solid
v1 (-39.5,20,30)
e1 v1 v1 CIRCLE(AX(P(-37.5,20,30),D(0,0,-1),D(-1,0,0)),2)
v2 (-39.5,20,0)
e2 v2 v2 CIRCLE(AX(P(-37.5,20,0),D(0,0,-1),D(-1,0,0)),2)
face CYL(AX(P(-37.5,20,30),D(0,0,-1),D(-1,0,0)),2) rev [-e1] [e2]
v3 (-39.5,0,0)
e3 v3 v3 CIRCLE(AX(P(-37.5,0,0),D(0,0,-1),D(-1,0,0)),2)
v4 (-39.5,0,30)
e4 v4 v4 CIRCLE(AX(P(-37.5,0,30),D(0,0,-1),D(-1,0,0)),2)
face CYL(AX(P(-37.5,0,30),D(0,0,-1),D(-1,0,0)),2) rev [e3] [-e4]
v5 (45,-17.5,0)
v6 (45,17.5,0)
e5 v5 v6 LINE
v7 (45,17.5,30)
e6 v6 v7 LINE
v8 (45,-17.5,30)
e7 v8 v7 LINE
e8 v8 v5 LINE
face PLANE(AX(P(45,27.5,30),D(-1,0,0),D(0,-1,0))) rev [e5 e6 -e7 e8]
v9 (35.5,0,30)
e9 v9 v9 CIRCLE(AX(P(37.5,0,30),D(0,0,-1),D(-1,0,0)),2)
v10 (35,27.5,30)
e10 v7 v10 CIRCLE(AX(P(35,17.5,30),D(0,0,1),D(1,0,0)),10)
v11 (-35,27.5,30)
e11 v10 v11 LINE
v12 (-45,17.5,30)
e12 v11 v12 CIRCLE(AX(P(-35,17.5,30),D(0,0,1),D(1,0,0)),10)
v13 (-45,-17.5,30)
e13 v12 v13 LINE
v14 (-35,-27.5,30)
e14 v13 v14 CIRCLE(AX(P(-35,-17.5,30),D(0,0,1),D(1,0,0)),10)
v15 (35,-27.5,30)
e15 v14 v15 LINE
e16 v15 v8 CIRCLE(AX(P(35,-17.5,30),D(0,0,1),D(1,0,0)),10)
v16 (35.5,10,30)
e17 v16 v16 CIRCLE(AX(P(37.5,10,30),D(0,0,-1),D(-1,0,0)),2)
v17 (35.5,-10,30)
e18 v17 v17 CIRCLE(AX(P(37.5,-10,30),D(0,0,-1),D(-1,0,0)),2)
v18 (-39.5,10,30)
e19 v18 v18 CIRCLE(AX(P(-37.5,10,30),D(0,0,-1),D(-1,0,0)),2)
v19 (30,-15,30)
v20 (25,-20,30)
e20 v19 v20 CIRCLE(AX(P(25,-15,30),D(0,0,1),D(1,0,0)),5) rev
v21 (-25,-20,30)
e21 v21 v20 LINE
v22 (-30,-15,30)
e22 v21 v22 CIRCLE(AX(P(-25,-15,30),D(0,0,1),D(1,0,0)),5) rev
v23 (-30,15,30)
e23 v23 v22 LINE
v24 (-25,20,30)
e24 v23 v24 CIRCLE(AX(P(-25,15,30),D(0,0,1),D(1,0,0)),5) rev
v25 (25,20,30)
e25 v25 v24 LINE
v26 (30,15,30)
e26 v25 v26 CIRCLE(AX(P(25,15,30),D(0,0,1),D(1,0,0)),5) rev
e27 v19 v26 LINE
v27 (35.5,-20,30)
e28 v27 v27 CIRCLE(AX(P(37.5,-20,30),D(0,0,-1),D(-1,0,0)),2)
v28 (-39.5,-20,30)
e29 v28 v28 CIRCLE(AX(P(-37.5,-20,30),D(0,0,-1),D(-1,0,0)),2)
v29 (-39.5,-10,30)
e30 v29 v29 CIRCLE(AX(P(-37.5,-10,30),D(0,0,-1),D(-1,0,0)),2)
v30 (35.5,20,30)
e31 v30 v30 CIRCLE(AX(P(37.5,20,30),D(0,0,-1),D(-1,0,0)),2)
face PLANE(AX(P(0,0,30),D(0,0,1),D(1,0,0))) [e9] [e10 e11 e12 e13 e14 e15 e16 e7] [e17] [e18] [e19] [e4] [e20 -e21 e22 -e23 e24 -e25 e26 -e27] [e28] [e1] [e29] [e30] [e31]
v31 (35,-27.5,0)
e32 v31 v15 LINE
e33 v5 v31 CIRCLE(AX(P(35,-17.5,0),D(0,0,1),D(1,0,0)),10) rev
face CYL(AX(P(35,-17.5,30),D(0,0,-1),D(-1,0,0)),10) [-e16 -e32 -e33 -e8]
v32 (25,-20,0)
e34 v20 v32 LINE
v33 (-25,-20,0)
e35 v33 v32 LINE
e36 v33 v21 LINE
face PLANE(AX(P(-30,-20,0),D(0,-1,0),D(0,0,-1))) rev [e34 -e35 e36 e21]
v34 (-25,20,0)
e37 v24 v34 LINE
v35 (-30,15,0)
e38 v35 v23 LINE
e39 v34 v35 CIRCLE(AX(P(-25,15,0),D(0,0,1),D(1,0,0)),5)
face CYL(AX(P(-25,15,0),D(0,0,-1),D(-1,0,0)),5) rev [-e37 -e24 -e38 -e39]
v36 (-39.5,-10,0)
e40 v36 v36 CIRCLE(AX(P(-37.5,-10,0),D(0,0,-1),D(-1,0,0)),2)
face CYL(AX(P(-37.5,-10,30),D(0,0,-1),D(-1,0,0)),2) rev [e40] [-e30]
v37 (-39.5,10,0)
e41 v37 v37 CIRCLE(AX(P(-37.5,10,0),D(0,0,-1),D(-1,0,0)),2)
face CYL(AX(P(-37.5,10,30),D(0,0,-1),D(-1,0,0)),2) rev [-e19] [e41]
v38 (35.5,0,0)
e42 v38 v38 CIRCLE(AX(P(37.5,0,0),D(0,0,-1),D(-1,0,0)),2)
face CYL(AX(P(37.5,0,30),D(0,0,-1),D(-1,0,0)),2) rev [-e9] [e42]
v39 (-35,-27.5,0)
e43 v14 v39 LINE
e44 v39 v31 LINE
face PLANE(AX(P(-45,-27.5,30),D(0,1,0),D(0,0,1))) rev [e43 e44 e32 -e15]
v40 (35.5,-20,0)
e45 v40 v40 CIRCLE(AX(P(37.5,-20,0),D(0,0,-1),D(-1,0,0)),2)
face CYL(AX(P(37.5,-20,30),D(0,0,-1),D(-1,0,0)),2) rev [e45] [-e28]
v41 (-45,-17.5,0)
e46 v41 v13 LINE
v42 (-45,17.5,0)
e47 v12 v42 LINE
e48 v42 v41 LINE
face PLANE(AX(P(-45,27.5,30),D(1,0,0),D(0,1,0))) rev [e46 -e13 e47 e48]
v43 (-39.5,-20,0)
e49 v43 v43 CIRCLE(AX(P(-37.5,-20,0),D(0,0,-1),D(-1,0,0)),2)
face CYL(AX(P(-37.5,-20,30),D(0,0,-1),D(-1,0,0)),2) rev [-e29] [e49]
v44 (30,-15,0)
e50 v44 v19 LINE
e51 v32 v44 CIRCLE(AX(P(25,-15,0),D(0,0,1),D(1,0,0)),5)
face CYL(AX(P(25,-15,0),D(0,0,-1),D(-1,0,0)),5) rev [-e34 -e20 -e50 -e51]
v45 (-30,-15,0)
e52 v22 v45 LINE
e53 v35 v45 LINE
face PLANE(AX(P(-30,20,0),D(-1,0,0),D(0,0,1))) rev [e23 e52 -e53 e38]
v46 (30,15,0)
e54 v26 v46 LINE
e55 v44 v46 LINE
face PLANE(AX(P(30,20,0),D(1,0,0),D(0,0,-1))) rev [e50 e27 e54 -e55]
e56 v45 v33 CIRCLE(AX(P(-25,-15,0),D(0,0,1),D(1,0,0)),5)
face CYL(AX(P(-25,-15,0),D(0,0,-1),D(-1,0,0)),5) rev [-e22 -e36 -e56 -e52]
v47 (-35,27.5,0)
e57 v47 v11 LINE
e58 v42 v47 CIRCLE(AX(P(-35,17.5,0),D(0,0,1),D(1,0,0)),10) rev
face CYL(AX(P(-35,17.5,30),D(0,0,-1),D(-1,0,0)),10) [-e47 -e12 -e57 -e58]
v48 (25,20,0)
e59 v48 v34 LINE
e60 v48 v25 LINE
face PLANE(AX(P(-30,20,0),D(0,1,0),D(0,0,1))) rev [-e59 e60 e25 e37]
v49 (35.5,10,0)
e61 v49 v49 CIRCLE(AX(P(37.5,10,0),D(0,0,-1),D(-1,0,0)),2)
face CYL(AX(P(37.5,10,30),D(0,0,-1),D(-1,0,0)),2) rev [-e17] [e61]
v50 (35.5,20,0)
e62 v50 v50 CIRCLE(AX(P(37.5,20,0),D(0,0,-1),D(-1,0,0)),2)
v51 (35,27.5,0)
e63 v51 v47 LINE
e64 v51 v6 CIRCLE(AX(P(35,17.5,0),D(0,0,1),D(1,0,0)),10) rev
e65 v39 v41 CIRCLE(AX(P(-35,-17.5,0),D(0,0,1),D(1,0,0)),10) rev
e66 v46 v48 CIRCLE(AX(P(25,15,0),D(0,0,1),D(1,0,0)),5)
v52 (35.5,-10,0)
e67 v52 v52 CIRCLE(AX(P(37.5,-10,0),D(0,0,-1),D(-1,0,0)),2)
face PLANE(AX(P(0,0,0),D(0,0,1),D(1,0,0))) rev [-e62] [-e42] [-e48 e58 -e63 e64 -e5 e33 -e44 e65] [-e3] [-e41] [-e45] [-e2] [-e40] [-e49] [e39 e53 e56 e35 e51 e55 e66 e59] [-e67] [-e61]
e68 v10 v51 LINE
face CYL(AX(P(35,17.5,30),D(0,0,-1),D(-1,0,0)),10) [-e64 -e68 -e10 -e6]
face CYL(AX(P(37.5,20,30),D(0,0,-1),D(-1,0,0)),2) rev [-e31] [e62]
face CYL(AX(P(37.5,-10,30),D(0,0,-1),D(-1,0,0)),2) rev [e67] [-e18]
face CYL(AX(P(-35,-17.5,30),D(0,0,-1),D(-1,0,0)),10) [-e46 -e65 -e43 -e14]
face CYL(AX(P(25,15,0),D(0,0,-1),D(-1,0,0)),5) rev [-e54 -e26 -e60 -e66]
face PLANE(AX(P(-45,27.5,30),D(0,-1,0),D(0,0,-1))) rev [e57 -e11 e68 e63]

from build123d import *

# Parameters (mm, degrees)
SKETCH1_W           = 90
SKETCH1_H           = 55
BOSS_EXTRUDE1_DEPTH = 30
SKETCH2_W           = 60
SKETCH2_H           = 40
CUT_EXTRUDE1_DEPTH  = 31
SKETCH3_R           = 2
CUT_EXTRUDE2_DEPTH  = 31
LPATTERN1_COUNT     = 3
LPATTERN1_PITCH     = 10
LPATTERN1_COL_COUNT = 3
LPATTERN1_COL_PITCH = 10
FILLET1_R           = 10
FILLET2_R           = 5


with BuildPart() as part:
    # Sketch1 → Boss-Extrude1 (new body)
    with BuildSketch(Plane.XY):
        Rectangle(SKETCH1_W, SKETCH1_H)
    extrude(amount=BOSS_EXTRUDE1_DEPTH)

    # Sketch2 → Cut-Extrude1 (cut, through all)
    with BuildSketch(Plane.XY.offset(30)):
        Rectangle(SKETCH2_W, SKETCH2_H)
    extrude(amount=-CUT_EXTRUDE1_DEPTH, mode=Mode.SUBTRACT)

    # Sketch3 → Cut-Extrude2 (cut, through all)
    with BuildSketch(Plane(origin=(0, 0, 0), x_dir=(-1, 0, 0), z_dir=(0, 0, -1))):
        with Locations((-37.5, 0)):
            Circle(SKETCH3_R)
        with Locations((37.5, 0)):
            Circle(SKETCH3_R)
    cut_extrude2 = extrude(amount=-CUT_EXTRUDE2_DEPTH, mode=Mode.SUBTRACT)

    # LPattern1: Cut-Extrude2 ×3
    with Locations(*[(0, -i * LPATTERN1_PITCH, 0) for i in range(1, LPATTERN1_COUNT)]):
        add(cut_extrude2, mode=Mode.SUBTRACT)

    # LPattern1 col: Cut-Extrude2 ×3
    with Locations(*[(0, i * LPATTERN1_COL_PITCH, 0) for i in range(1, LPATTERN1_COL_COUNT)]):
        add(cut_extrude2, mode=Mode.SUBTRACT)

    # Fillet1
    fillet1_edges = [part.edges().sort_by_distance(p)[0] for p in [
        (45, -27.5, 15),
        (-45, -27.5, 15),
        (-45, 27.5, 15),
        (45, 27.5, 15),
    ]]
    fillet(fillet1_edges, radius=FILLET1_R)

    # Fillet2
    fillet2_edges = [part.edges().sort_by_distance(p)[0] for p in [
        (30, 20, 15),
        (30, -20, 15),
        (-30, -20, 15),
        (-30, 20, 15),
    ]]
    fillet(fillet2_edges, radius=FILLET2_R)


solid = part.part
